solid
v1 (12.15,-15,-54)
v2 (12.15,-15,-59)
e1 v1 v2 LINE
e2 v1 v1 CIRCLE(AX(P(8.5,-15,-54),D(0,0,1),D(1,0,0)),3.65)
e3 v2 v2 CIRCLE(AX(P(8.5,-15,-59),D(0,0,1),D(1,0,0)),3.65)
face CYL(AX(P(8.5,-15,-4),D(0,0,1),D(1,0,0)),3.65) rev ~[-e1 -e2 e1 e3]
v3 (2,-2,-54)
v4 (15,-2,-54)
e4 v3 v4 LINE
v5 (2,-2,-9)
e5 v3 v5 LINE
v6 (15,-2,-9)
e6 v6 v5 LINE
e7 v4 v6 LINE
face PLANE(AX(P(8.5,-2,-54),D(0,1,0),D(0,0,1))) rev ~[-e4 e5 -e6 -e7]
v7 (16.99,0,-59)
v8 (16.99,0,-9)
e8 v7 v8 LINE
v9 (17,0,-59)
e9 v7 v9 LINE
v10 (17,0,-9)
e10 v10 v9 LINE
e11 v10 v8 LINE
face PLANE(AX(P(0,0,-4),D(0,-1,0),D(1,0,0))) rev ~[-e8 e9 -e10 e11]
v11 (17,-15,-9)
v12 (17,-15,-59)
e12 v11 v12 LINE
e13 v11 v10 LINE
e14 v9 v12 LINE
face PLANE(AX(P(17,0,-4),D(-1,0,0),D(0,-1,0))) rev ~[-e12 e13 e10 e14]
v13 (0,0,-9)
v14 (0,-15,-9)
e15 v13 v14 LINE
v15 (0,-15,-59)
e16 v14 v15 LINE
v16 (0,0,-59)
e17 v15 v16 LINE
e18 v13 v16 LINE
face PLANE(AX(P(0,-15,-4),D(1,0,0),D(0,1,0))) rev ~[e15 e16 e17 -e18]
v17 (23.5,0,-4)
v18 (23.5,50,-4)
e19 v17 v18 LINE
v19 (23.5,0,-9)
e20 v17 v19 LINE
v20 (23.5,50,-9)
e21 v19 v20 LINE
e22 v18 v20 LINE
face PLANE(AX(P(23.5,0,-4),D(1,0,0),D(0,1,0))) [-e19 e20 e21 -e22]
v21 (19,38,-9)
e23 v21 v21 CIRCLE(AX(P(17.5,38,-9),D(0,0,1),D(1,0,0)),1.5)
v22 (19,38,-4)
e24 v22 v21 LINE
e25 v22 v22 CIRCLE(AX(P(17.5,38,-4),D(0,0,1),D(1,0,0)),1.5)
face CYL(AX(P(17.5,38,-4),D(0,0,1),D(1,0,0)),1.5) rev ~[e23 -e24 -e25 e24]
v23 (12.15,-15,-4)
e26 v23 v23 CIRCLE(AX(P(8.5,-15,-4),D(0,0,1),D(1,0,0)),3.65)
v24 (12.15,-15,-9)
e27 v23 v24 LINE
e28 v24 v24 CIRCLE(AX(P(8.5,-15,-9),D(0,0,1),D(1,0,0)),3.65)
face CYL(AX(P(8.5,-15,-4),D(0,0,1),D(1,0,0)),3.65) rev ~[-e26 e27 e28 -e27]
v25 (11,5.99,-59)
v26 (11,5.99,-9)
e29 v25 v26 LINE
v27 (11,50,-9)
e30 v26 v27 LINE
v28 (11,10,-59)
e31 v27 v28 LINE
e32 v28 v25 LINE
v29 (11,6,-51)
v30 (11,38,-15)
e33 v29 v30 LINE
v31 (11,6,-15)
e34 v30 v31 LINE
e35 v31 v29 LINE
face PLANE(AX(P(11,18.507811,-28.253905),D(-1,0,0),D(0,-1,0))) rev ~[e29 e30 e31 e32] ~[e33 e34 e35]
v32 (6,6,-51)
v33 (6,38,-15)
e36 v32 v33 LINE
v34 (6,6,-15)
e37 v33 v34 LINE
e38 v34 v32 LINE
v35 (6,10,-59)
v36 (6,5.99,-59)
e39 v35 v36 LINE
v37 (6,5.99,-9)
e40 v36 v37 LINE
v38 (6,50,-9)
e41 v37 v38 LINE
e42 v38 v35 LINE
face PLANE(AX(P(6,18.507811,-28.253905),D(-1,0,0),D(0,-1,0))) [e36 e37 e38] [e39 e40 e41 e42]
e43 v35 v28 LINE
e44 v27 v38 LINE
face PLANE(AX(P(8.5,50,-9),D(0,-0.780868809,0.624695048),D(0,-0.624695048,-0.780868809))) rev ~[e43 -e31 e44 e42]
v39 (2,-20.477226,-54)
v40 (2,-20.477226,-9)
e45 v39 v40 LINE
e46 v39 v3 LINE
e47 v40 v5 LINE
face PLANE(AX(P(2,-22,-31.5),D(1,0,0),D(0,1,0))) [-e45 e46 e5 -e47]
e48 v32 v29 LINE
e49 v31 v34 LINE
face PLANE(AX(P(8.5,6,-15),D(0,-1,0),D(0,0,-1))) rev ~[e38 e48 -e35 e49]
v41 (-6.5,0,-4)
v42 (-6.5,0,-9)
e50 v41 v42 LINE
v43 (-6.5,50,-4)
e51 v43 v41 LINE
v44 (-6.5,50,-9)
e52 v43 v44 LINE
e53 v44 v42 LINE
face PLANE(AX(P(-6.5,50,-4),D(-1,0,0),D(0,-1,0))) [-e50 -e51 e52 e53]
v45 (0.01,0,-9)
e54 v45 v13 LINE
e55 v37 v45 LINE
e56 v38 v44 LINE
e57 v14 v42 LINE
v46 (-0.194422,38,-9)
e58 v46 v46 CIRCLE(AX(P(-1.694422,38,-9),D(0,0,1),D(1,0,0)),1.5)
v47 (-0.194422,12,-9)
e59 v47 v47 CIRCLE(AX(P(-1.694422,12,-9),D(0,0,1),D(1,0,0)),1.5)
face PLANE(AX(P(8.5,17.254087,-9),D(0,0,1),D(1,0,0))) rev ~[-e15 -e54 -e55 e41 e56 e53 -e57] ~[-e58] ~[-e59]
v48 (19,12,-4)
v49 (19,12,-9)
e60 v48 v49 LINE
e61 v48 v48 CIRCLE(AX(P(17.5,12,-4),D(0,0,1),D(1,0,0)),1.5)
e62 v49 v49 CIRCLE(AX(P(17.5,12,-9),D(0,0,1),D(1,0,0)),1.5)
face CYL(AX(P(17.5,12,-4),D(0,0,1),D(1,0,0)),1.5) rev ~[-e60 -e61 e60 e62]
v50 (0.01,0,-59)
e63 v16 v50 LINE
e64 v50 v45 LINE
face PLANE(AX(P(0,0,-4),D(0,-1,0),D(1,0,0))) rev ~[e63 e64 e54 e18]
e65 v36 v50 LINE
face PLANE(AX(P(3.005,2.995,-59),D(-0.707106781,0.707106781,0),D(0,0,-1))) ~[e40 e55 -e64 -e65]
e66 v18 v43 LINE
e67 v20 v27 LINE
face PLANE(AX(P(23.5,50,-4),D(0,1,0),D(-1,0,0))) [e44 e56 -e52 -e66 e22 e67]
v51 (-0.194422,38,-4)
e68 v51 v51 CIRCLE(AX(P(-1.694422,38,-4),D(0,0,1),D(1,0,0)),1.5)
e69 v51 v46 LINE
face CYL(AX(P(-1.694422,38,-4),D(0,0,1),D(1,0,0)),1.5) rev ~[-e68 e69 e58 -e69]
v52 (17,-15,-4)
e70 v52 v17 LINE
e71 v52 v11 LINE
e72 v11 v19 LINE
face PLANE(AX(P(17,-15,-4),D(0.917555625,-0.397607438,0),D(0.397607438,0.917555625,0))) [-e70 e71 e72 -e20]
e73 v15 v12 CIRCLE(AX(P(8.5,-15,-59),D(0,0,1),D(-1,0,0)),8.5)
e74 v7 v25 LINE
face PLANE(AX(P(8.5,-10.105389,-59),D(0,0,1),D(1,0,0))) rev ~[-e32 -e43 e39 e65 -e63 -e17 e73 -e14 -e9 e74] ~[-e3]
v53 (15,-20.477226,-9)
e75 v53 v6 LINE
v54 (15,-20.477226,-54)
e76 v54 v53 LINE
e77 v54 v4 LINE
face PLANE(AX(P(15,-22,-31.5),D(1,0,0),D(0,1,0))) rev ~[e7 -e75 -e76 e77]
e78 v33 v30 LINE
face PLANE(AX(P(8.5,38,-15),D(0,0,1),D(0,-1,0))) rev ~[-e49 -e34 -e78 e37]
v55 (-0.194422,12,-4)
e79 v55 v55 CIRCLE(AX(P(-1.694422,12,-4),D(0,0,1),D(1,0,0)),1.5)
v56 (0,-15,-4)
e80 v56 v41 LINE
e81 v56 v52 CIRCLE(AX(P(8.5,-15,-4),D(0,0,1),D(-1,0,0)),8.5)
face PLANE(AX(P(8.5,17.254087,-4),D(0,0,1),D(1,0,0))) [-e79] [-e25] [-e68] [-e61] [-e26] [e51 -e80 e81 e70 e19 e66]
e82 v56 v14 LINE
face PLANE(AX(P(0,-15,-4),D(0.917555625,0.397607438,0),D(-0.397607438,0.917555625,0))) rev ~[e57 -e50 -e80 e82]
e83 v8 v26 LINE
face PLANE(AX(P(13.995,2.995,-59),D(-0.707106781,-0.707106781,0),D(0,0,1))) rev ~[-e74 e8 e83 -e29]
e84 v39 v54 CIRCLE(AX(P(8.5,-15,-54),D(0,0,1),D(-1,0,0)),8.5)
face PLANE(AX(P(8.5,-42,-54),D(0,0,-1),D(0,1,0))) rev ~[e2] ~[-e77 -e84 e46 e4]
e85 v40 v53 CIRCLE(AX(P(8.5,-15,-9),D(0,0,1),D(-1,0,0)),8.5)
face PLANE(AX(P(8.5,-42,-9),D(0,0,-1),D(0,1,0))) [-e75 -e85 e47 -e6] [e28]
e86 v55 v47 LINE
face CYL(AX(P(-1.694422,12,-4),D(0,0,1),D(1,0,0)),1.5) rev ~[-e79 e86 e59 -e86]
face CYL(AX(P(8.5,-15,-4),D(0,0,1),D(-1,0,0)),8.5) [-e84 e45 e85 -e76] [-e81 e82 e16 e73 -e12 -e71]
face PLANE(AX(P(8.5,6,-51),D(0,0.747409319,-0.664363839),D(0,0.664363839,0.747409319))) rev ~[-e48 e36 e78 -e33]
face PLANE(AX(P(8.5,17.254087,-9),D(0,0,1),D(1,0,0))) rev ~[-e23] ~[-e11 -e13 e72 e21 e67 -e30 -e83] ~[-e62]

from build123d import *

# Parameters (mm, degrees)
SKETCH007_R     = 3.65
PAD005_DEPTH    = 55
SKETCH008_R     = 1.5
SKETCH008_R_2   = 3.7
PAD006_DEPTH    = 5
PAD007_DEPTH    = 2.5
SKETCH010_W     = 40
SKETCH010_H     = 45
POCKET001_DEPTH = 6.5
CHAMFER_SIZE    = 5.99


with BuildPart() as part:
    # Sketch007 → Pad005 (new body)
    with BuildSketch(Plane.XY):
        with BuildLine():
            ThreePointArc((0, -15), (8.5, -23.5), (17, -15))
            Line((17, 0), (17, -15))
            Line((0, 0), (17, 0))
            Line((0, -15), (0, 0))
        make_face()
        with Locations((8.5, -15)):
            Circle(SKETCH007_R, mode=Mode.SUBTRACT)
    extrude(amount=-PAD005_DEPTH)

    # Sketch008 → Pad006 (join)
    with BuildSketch(Plane.XY):
        with BuildLine():
            Line((23.5, 0), (23.5, 50))
            Line((23.5, 50), (-6.5, 50))
            Line((-6.5, 50), (-6.5, 0))
            Line((0, -15), (-6.5, 0))
            ThreePointArc((0, -15), (8.5, -23.5), (17, -15))
            Line((17, -15), (23.5, 0))
        make_face()
        with Locations((17.5, 12)):
            Circle(SKETCH008_R, mode=Mode.SUBTRACT)
        with Locations((17.5, 38)):
            Circle(SKETCH008_R, mode=Mode.SUBTRACT)
        with Locations((-1.694422, 38)):
            Circle(SKETCH008_R, mode=Mode.SUBTRACT)
        with Locations((-1.694422, 12)):
            Circle(SKETCH008_R, mode=Mode.SUBTRACT)
        with Locations((8.5, -15)):
            Circle(SKETCH008_R_2, mode=Mode.SUBTRACT)
    extrude(amount=-PAD006_DEPTH)

    # Sketch009 (on DatumPlane) → Pad007 (join, symmetric)
    with BuildSketch(Plane(origin=(8.5, 0, 1), x_dir=(0, 1, 0), z_dir=(1, 0, 0))):
        Polygon((0, -56), (0, -6), (50, -6), (10, -56), align=None)
        Polygon((6, -12), (6, -48), (38, -12), align=None, mode=Mode.SUBTRACT)
    extrude(amount=PAD007_DEPTH, both=True)

    # Sketch010 (on DatumPlane) → Pocket001 (cut, symmetric)
    with BuildSketch(Plane(origin=(8.5, 0, 1), x_dir=(0, 1, 0), z_dir=(1, 0, 0))):
        with Locations((-22, -28.5)):
            Rectangle(SKETCH010_W, SKETCH010_H)
    extrude(amount=POCKET001_DEPTH, both=True, mode=Mode.SUBTRACT)

    # Chamfer
    chamfer_edges = [part.edges().sort_by_distance(p)[0] for p in [
        (6, 0, -30),
        (11, 0, -30),
    ]]
    chamfer(chamfer_edges, length=CHAMFER_SIZE)


with BuildPart() as part_1:
    # Body003 placement: moved
    add(part.part.moved(Location((0, 0, -4))))


solid = part_1.part
